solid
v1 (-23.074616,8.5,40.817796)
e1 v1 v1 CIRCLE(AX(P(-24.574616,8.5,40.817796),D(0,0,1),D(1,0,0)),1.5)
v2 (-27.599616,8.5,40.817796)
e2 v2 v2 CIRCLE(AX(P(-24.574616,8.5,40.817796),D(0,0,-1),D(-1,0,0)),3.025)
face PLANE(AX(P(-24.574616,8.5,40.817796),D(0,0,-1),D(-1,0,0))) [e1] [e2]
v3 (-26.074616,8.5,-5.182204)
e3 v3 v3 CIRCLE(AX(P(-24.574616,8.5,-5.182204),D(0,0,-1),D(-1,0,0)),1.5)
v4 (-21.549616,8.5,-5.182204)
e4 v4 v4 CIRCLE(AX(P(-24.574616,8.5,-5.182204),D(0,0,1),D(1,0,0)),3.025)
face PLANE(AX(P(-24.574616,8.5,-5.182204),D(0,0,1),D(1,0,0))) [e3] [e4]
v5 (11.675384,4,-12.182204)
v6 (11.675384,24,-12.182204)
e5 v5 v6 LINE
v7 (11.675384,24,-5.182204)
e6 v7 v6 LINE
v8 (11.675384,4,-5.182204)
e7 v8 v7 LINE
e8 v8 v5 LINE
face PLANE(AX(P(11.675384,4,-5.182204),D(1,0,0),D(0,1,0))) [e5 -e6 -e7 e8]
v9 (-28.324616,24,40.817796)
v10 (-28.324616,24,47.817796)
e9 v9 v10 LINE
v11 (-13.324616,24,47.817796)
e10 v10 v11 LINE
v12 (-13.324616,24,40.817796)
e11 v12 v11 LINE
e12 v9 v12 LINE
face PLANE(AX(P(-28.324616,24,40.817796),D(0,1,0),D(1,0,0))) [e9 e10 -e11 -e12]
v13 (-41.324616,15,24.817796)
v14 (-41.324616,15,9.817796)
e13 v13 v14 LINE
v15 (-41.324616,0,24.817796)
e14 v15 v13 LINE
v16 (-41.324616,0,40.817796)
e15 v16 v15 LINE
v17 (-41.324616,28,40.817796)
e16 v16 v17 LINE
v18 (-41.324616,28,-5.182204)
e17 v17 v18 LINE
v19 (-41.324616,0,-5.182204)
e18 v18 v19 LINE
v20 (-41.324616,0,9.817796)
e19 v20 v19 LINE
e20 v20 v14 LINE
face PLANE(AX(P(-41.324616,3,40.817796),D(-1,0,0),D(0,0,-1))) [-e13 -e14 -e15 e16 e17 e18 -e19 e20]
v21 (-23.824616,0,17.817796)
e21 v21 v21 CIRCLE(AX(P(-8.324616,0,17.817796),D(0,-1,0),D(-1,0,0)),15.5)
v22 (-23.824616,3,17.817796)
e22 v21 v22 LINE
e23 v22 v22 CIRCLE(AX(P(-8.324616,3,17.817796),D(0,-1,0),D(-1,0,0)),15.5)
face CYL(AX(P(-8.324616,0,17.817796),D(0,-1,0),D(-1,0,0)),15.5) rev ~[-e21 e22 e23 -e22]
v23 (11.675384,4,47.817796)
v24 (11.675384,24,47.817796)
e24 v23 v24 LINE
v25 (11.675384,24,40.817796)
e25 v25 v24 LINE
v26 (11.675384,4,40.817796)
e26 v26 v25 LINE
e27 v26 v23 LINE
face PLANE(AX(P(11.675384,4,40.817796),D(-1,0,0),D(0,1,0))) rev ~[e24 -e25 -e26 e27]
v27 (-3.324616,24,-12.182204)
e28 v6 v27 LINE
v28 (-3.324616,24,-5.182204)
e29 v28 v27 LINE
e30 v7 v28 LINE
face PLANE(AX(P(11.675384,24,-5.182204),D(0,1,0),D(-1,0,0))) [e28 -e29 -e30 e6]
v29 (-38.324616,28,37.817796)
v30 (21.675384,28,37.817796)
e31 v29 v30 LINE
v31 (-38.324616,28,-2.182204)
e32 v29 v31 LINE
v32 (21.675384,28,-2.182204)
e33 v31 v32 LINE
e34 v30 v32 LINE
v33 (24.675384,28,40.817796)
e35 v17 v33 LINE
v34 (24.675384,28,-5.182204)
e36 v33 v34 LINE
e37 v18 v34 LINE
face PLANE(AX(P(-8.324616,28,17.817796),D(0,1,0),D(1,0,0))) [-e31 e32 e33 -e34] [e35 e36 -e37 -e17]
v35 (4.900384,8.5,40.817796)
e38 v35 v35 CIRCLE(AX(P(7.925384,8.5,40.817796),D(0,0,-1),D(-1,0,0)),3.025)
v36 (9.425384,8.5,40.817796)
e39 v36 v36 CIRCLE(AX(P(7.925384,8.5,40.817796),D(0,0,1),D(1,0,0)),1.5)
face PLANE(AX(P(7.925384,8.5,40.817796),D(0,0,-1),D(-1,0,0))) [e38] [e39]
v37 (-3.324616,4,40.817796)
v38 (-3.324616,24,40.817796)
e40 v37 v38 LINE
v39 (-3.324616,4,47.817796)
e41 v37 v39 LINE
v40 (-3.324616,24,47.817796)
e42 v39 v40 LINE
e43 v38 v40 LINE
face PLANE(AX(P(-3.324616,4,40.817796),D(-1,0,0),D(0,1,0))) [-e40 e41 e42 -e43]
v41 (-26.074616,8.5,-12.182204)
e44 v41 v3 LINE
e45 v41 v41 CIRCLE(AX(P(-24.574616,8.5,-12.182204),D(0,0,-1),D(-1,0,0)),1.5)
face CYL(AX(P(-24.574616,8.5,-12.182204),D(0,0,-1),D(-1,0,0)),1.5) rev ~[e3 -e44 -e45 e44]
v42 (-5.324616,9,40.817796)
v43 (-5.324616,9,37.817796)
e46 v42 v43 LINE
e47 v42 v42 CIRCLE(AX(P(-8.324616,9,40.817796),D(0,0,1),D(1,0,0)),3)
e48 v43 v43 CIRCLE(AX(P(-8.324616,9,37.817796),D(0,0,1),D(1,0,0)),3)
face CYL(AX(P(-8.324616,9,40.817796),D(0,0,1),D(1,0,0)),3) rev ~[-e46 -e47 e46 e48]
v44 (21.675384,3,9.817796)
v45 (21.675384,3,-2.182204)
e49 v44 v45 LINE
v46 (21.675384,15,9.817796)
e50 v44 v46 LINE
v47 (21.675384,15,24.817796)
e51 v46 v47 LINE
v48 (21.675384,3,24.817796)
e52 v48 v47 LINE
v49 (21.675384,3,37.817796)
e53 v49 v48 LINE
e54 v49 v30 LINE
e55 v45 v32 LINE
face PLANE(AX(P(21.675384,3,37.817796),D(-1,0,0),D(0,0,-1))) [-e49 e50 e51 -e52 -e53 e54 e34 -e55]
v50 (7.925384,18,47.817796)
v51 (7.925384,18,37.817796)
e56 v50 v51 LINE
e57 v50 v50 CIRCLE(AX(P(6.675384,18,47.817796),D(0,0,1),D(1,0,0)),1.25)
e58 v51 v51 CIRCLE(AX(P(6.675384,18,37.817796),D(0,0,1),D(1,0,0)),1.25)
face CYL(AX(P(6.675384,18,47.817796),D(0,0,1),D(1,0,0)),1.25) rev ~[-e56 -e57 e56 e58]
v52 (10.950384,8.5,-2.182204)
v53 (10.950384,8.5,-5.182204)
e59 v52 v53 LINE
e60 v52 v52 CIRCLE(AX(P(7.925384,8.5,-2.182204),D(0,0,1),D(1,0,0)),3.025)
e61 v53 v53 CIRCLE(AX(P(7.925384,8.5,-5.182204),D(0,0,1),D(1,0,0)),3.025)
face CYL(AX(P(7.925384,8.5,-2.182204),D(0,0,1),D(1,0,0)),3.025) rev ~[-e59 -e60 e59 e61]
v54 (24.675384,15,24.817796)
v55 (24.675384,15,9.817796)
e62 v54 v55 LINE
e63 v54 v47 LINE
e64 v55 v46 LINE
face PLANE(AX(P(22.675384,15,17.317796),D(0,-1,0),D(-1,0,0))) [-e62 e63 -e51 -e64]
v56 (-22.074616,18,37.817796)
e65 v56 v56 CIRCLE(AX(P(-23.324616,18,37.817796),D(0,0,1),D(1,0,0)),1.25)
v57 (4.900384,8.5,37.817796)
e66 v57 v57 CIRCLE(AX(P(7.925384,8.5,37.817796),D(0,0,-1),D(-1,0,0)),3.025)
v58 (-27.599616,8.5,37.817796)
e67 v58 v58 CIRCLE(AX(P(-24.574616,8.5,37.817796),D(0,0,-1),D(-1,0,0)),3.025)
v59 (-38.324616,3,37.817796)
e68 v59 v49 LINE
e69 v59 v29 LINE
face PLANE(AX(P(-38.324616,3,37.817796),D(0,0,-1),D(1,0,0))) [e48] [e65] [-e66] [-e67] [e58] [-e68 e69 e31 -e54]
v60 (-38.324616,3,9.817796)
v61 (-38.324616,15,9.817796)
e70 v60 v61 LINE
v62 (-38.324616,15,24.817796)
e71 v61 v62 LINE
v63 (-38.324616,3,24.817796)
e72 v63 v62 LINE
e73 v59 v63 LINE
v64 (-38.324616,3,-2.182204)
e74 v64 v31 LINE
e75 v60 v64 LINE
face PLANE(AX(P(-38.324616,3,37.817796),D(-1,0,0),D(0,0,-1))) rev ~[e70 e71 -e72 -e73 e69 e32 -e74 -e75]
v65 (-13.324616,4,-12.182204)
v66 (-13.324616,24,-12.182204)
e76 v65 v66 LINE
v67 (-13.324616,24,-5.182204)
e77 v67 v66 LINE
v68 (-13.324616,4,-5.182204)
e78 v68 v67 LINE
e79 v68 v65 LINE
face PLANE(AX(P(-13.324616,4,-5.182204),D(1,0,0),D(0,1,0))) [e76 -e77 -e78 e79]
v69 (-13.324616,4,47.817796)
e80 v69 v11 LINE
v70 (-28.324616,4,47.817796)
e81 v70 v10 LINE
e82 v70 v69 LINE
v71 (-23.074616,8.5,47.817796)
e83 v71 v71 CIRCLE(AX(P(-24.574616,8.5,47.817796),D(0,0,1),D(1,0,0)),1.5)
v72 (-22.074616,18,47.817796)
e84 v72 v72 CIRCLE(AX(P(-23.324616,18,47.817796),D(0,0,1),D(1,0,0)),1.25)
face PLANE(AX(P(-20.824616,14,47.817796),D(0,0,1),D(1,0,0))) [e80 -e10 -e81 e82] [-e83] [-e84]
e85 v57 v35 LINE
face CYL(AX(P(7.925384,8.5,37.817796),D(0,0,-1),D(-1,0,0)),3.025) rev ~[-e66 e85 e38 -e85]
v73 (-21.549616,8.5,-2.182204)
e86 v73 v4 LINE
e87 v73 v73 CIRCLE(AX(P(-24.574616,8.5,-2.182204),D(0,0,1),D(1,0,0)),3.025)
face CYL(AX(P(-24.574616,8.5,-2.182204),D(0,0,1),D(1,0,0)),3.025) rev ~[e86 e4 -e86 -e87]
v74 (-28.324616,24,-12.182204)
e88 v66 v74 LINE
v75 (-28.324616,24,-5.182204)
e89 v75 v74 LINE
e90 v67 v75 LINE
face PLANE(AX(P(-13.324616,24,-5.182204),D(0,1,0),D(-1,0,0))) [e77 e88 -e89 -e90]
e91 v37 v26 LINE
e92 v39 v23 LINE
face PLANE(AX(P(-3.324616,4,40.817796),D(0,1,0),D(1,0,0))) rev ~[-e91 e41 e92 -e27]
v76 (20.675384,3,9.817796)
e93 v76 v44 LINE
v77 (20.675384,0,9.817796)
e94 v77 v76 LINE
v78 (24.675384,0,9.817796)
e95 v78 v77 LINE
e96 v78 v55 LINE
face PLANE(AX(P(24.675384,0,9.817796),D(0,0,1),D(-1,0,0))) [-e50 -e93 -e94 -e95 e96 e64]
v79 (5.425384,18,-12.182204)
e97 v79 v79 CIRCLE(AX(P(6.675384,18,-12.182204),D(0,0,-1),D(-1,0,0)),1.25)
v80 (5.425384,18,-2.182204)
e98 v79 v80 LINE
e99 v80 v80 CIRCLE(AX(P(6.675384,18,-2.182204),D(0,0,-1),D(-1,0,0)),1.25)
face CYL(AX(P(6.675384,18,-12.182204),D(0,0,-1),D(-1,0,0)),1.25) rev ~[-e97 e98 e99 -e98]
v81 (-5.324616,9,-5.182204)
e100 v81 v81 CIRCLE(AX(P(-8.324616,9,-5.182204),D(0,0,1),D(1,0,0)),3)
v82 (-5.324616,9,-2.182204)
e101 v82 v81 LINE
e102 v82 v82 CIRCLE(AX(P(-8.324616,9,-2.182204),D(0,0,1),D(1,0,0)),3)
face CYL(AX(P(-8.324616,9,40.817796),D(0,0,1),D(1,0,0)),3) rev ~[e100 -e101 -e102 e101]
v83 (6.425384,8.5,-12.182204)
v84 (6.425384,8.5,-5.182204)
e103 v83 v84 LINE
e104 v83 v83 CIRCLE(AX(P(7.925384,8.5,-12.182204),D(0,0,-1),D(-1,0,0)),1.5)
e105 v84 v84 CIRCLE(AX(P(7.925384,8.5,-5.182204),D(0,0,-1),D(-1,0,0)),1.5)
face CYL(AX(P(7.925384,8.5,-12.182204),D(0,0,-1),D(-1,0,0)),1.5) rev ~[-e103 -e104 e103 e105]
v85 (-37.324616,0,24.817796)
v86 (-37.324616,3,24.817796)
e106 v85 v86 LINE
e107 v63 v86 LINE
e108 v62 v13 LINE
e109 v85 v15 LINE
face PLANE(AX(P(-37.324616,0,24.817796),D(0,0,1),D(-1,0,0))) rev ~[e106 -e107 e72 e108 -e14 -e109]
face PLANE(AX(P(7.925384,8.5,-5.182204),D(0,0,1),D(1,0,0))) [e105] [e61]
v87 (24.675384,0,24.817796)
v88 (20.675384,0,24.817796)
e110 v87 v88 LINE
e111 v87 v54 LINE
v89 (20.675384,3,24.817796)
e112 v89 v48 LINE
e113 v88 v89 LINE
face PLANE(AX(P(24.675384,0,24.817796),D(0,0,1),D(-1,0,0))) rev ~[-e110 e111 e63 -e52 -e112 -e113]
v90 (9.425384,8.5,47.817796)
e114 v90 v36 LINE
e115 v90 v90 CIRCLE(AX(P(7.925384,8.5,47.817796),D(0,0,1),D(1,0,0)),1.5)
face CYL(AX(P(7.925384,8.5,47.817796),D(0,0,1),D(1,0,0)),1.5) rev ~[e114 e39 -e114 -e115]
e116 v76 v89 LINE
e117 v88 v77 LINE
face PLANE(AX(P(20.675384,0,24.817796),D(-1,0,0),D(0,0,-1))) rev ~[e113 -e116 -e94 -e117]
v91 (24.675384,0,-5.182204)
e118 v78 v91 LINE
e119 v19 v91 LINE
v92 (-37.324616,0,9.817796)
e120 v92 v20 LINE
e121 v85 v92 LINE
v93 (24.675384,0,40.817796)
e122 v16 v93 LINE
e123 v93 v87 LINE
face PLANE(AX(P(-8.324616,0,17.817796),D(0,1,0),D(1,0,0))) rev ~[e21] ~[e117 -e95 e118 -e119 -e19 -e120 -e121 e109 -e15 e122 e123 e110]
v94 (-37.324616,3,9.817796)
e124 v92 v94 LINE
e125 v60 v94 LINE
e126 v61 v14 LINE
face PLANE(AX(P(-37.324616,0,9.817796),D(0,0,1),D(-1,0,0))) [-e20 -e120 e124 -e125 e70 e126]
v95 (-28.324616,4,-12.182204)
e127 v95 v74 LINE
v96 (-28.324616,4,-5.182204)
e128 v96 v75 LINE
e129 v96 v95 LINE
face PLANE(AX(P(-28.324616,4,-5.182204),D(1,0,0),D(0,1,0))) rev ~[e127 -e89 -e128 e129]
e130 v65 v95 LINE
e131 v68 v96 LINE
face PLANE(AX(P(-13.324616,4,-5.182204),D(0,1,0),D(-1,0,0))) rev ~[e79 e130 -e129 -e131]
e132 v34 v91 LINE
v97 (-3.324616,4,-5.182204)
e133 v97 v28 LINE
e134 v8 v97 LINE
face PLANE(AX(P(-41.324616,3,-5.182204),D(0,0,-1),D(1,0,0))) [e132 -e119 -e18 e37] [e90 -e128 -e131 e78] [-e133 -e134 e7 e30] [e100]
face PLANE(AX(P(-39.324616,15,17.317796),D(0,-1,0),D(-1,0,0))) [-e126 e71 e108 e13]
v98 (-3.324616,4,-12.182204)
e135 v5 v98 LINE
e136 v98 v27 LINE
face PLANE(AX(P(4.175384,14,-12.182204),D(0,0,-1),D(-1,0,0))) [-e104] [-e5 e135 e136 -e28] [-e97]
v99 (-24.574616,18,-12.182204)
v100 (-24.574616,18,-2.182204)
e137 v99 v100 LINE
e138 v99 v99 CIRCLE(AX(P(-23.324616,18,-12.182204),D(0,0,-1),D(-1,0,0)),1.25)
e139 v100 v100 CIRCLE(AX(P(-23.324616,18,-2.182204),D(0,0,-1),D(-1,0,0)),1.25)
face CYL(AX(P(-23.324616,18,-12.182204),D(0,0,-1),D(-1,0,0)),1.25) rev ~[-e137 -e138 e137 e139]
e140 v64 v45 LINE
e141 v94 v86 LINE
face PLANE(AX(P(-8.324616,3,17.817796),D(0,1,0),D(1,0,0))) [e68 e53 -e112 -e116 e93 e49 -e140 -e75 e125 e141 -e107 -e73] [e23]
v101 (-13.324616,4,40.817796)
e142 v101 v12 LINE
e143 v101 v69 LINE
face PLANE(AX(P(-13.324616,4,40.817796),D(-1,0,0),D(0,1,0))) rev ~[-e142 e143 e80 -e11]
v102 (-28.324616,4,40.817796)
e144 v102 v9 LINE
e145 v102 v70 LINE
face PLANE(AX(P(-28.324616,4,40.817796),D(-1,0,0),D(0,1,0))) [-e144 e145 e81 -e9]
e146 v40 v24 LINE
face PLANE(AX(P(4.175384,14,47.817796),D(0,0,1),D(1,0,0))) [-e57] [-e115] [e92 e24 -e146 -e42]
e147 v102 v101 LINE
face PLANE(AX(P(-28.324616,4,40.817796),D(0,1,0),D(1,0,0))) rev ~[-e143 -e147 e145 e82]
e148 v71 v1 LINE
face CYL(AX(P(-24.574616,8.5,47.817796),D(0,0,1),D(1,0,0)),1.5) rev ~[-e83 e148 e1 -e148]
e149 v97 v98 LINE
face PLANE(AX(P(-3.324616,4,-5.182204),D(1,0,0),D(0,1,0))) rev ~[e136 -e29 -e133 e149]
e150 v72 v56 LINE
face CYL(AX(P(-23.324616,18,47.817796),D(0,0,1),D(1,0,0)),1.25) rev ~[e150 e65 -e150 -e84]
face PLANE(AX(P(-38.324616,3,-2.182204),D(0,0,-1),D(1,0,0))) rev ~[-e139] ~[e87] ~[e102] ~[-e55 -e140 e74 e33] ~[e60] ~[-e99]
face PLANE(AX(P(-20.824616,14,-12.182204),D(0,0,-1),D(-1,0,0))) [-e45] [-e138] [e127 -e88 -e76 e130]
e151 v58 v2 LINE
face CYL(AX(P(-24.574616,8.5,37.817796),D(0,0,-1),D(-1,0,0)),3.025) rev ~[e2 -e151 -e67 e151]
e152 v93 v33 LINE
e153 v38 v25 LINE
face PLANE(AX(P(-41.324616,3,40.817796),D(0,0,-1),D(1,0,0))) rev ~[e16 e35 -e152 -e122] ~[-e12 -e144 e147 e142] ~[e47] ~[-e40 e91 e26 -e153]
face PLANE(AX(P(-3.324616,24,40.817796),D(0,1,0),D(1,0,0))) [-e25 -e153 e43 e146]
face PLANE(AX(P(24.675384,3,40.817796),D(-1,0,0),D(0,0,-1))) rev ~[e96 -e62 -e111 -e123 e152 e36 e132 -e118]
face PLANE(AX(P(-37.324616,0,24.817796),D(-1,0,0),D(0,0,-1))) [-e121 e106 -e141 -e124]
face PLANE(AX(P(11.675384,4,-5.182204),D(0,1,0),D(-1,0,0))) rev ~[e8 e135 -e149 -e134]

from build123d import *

# Parameters (mm, degrees)
SKETCH1_W               = 66
SKETCH1_H               = 46
BOSS_EXTRUDE2_DEPTH     = 3
SKETCH3_W               = 66
SKETCH3_H               = 46
SKETCH3_W_2             = 60
SKETCH3_H_2             = 40
BOSS_EXTRUDE4_DEPTH     = 25
SKETCH4_W               = 15
SKETCH4_H               = 20
BOSS_EXTRUDE5_DEPTH     = 7
CUT_EXTRUDE1_REACH      = 55
SKETCH5_R               = 1.5
SKETCH5_R_2             = 1.25
SKETCH6_W               = 15
SKETCH6_H               = 20
BOSS_EXTRUDE6_DEPTH     = 7
SKETCH7_R               = 1.5
SKETCH7_R_2             = 1.25
CUT_EXTRUDE2_DEPTH      = 10
CUT_EXTRUDE3_REACH      = 30
SKETCH8_R               = 15.5
SKETCH11_R              = 3
CUT_EXTRUDE6_DEPTH      = 8
CUT_EXTRUDE6_DEPTH_BACK = 54
SKETCH12_R              = 3.025
CUT_EXTRUDE7_DEPTH      = 3
SKETCH14_R              = 3.025
CUT_EXTRUDE8_DEPTH      = 3
SKETCH15_W              = 4
SKETCH15_H              = 15
CUT_EXTRUDE10_DEPTH     = 15


with BuildPart() as part:
    # Sketch1 → Boss-Extrude2 (new body)
    with BuildSketch(Plane(origin=(0, 0, 0), x_dir=(1, 0, 0), z_dir=(0, 1, 0))):
        with Locations((-8.324615879, -17.817795916)):
            Rectangle(SKETCH1_W, SKETCH1_H)
    extrude(amount=BOSS_EXTRUDE2_DEPTH)

    # Sketch3 → Boss-Extrude4 (add)
    with BuildSketch(Plane(origin=(0, 3, 0), x_dir=(1, 0, 0), z_dir=(0, 1, 0))):
        with Locations((-8.324615879, -17.817795916)):
            Rectangle(SKETCH3_W, SKETCH3_H)
        with Locations((-8.324615879, -17.817795916)):
            Rectangle(SKETCH3_W_2, SKETCH3_H_2, mode=Mode.SUBTRACT)
    extrude(amount=BOSS_EXTRUDE4_DEPTH)

    # Sketch4 → Boss-Extrude5 (add)
    with BuildSketch(Plane.XY.offset(40.817795916)):
        with Locations((4.175384121, 14)):
            Rectangle(SKETCH4_W, SKETCH4_H)
        with Locations((-20.824615879, 14)):
            Rectangle(SKETCH4_W, SKETCH4_H)
    extrude(amount=BOSS_EXTRUDE5_DEPTH)

    # Sketch5 → Cut-Extrude1 (cut, up to next)
    with BuildSketch(Plane.XY.offset(47.817795916), mode=Mode.PRIVATE) as cut_extrude1_sk1:
        with Locations((-24.574615879, 8.5)):
            Circle(SKETCH5_R)
    cut_extrude1_tool1 = extrude(cut_extrude1_sk1.sketch, amount=-CUT_EXTRUDE1_REACH, mode=Mode.PRIVATE) & part.part
    add(cut_extrude1_tool1.solids().sort_by_distance((-24.574616, 8.5, 47.817796))[0], mode=Mode.SUBTRACT)
    # Sketch5 → Cut-Extrude1 (cut, up to next)
    with BuildSketch(Plane.XY.offset(47.817795916), mode=Mode.PRIVATE) as cut_extrude1_sk2:
        with Locations((7.925384121, 8.5)):
            Circle(SKETCH5_R)
    cut_extrude1_tool2 = extrude(cut_extrude1_sk2.sketch, amount=-CUT_EXTRUDE1_REACH, mode=Mode.PRIVATE) & part.part
    add(cut_extrude1_tool2.solids().sort_by_distance((7.925384, 8.5, 47.817796))[0], mode=Mode.SUBTRACT)
    # Sketch5 → Cut-Extrude1 (cut, up to next)
    with BuildSketch(Plane.XY.offset(47.817795916), mode=Mode.PRIVATE) as cut_extrude1_sk3:
        with Locations((6.675384121, 18)):
            Circle(SKETCH5_R_2)
    cut_extrude1_tool3 = extrude(cut_extrude1_sk3.sketch, amount=-CUT_EXTRUDE1_REACH, mode=Mode.PRIVATE) & part.part
    add(cut_extrude1_tool3.solids().sort_by_distance((6.675384, 18, 47.817796))[0], mode=Mode.SUBTRACT)
    # Sketch5 → Cut-Extrude1 (cut, up to next)
    with BuildSketch(Plane.XY.offset(47.817795916), mode=Mode.PRIVATE) as cut_extrude1_sk4:
        with Locations((-23.324615879, 18)):
            Circle(SKETCH5_R_2)
    cut_extrude1_tool4 = extrude(cut_extrude1_sk4.sketch, amount=-CUT_EXTRUDE1_REACH, mode=Mode.PRIVATE) & part.part
    add(cut_extrude1_tool4.solids().sort_by_distance((-23.324616, 18, 47.817796))[0], mode=Mode.SUBTRACT)

    # Sketch6 → Boss-Extrude6 (add)
    with BuildSketch(Plane(origin=(0, 0, -5.182204084), x_dir=(-1, 0, 0), z_dir=(0, 0, -1))):
        with Locations((-4.175384121, 14)):
            Rectangle(SKETCH6_W, SKETCH6_H)
        with Locations((20.824615879, 14)):
            Rectangle(SKETCH6_W, SKETCH6_H)
    extrude(amount=BOSS_EXTRUDE6_DEPTH)

    # Sketch7 → Cut-Extrude2 (cut)
    with BuildSketch(Plane(origin=(0, 0, -12.182204084), x_dir=(-1, 0, 0), z_dir=(0, 0, -1))):
        with Locations((-7.925384121, 8.5)):
            Circle(SKETCH7_R)
        with Locations((24.574615879, 8.5)):
            Circle(SKETCH7_R)
        with Locations((23.324615879, 18)):
            Circle(SKETCH7_R_2)
        with Locations((-6.675384121, 18)):
            Circle(SKETCH7_R_2)
    extrude(amount=-CUT_EXTRUDE2_DEPTH, mode=Mode.SUBTRACT)

    # Sketch8 → Cut-Extrude3 (cut, up to next)
    with BuildSketch(Plane(origin=(0, 0, 0), x_dir=(-1, 0, 0), z_dir=(0, -1, 0)), mode=Mode.PRIVATE) as cut_extrude3_sk1:
        with Locations((8.324615879, -17.817795916)):
            Circle(SKETCH8_R)
    cut_extrude3_tool1 = extrude(cut_extrude3_sk1.sketch, amount=-CUT_EXTRUDE3_REACH, mode=Mode.PRIVATE) & part.part
    add(cut_extrude3_tool1.solids().sort_by_distance((-8.324616, 0, 17.817796))[0], mode=Mode.SUBTRACT)

    # Sketch11 → Cut-Extrude6 (cut, two sides)
    with BuildSketch(Plane.XY.offset(40.817795916)) as cut_extrude6_sk:
        with Locations((-8.324615879, 9)):
            Circle(SKETCH11_R)
    extrude(amount=CUT_EXTRUDE6_DEPTH, mode=Mode.SUBTRACT)
    extrude(cut_extrude6_sk.sketch, amount=-CUT_EXTRUDE6_DEPTH_BACK, mode=Mode.SUBTRACT)

    # Sketch12 → Cut-Extrude7 (cut)
    with BuildSketch(Plane(origin=(0, 0, 37.817795916), x_dir=(-1, 0, 0), z_dir=(0, 0, -1))):
        with Locations((24.574615879, 8.5)):
            Circle(SKETCH12_R)
        with Locations((-7.925384121, 8.5)):
            Circle(SKETCH12_R)
    extrude(amount=-CUT_EXTRUDE7_DEPTH, mode=Mode.SUBTRACT)

    # Sketch14 → Cut-Extrude8 (cut)
    with BuildSketch(Plane.XY.offset(-2.182204084)):
        with Locations((-24.574615879, 8.5)):
            Circle(SKETCH14_R)
        with Locations((7.925384121, 8.5)):
            Circle(SKETCH14_R)
    extrude(amount=-CUT_EXTRUDE8_DEPTH, mode=Mode.SUBTRACT)

    # Sketch15 → Cut-Extrude10 (cut)
    with BuildSketch(Plane(origin=(0, 0, 0), x_dir=(-1, 0, 0), z_dir=(0, -1, 0))):
        with Locations((-22.675384121, -17.317795916)):
            Rectangle(SKETCH15_W, SKETCH15_H)
        with Locations((39.324615879, -17.317795916)):
            Rectangle(SKETCH15_W, SKETCH15_H)
    extrude(amount=-CUT_EXTRUDE10_DEPTH, mode=Mode.SUBTRACT)


solid = part.part
